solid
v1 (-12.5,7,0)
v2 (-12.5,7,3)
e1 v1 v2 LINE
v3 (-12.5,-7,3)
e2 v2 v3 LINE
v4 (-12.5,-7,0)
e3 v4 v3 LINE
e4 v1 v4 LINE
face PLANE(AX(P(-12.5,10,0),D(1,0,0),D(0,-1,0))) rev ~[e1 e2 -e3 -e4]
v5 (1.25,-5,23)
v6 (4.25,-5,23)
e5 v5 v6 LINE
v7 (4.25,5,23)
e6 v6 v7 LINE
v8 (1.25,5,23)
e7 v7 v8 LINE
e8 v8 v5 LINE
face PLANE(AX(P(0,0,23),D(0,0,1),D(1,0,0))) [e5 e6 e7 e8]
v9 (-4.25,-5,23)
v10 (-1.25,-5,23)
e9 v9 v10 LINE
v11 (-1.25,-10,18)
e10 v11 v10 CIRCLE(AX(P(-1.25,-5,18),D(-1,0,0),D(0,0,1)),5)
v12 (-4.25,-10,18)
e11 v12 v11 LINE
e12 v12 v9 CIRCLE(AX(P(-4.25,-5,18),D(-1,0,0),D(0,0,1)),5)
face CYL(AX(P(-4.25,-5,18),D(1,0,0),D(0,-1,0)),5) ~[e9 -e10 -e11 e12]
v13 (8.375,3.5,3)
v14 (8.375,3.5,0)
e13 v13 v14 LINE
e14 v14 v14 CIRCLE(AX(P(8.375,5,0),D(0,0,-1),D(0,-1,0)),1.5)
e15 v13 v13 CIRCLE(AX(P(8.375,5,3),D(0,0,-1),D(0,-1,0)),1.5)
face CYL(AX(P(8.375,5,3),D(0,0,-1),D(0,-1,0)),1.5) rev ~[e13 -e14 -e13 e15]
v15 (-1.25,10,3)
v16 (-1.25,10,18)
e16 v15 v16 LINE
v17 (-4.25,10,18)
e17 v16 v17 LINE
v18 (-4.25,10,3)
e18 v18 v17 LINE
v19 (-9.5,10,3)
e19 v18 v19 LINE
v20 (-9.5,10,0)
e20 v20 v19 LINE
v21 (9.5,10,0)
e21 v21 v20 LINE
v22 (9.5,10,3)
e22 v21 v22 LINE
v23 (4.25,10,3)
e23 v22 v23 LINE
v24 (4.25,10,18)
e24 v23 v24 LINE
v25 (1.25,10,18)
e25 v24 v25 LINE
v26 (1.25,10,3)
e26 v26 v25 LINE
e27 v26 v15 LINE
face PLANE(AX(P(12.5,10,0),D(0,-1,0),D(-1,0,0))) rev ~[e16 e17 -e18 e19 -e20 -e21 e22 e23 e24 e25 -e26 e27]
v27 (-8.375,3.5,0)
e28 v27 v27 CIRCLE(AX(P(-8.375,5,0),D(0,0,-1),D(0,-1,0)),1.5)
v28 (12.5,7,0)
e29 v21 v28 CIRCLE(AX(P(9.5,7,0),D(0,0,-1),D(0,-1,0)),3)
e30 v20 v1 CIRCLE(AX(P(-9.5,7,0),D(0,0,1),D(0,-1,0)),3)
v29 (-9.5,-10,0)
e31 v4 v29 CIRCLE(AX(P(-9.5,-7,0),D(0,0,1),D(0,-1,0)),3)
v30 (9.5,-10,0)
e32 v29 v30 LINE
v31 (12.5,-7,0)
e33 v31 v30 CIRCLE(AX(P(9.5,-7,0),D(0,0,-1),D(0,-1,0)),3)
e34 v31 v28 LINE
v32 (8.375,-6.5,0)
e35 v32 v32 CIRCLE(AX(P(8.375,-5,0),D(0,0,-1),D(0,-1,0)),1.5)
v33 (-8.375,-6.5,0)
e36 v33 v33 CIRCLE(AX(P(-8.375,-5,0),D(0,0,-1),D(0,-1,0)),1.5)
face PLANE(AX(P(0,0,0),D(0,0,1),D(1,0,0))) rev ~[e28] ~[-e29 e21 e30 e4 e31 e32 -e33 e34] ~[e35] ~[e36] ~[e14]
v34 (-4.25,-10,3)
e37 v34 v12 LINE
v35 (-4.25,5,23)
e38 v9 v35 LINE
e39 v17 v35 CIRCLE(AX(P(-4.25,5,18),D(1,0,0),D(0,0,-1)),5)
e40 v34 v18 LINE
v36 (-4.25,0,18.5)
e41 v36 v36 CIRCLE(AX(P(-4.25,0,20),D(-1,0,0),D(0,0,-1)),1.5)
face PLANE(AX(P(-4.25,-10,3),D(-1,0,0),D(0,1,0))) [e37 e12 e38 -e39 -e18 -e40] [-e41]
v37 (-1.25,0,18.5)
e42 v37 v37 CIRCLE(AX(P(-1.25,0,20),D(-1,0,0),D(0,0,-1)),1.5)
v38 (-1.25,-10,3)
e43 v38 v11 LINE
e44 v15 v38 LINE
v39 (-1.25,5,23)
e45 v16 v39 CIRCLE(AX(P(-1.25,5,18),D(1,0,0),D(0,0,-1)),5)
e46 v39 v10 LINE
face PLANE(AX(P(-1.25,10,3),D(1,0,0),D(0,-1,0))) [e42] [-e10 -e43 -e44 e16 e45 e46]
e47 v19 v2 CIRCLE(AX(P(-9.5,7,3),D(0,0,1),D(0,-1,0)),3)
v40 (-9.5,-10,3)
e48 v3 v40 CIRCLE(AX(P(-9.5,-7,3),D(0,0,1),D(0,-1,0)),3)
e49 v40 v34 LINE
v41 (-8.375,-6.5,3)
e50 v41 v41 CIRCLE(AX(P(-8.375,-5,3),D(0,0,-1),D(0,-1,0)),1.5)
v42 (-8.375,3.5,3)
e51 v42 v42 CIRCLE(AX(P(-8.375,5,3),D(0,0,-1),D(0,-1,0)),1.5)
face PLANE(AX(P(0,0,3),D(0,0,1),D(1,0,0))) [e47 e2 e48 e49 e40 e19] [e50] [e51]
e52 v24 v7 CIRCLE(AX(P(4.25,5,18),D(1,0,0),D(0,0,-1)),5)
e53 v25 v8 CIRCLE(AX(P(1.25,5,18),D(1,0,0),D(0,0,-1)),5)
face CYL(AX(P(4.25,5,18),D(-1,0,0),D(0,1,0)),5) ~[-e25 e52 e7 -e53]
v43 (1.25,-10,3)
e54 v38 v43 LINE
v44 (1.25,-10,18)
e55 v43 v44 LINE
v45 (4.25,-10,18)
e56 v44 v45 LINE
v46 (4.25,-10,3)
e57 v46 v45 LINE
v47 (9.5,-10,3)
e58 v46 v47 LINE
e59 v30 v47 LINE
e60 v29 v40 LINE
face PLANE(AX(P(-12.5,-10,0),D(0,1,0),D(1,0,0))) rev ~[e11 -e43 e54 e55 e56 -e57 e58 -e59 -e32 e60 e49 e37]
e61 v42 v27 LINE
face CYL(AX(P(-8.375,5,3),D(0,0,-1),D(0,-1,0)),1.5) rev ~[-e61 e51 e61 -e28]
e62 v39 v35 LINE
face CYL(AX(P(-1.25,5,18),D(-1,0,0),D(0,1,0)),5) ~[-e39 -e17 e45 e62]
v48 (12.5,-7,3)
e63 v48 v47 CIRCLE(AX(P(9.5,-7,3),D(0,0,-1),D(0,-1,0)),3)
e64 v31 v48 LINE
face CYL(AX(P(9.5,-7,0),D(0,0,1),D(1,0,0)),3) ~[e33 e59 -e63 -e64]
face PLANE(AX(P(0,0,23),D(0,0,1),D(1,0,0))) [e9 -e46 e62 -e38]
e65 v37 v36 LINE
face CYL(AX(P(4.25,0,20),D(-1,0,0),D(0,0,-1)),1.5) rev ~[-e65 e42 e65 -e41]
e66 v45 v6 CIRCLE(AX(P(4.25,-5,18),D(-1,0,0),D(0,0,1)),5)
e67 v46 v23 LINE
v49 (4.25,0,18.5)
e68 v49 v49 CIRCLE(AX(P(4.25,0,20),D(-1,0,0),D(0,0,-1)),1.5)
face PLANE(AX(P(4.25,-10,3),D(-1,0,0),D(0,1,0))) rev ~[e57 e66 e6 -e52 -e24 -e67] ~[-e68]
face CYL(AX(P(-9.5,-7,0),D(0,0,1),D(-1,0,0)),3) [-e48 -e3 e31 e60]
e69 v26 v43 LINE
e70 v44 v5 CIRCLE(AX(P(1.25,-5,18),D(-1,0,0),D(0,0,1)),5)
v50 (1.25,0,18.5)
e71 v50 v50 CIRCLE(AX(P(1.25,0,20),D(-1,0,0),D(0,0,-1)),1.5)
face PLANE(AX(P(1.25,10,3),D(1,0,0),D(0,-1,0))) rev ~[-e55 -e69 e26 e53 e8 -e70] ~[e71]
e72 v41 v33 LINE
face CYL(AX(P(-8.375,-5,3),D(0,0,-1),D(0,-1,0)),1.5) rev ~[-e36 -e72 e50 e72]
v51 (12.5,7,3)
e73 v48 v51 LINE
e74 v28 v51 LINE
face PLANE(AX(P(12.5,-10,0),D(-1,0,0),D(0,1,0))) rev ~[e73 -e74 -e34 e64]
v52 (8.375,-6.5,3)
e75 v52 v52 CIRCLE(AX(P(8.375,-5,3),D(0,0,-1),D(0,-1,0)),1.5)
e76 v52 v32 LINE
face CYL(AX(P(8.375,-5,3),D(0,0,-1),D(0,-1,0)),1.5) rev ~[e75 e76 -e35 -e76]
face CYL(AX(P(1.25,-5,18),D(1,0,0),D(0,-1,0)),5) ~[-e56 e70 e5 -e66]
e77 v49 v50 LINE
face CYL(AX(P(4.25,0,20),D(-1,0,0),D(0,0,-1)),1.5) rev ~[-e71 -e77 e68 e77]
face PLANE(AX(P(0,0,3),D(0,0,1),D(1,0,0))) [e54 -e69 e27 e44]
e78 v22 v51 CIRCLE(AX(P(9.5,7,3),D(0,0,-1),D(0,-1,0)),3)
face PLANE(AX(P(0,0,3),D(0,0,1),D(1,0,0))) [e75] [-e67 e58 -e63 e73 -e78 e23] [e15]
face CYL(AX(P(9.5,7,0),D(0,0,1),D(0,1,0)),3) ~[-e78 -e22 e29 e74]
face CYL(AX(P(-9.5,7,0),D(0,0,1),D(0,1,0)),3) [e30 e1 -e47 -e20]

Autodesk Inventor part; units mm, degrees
ref_plane "YZ Plane" through (0, 0, 0) normal (1, 0, 0) x (0, 1, 0)
ref_plane "XZ Plane" through (0, 0, 0) normal (0, 1, 0) x (-1, 0, 0)
ref_plane "XY Plane" through (0, 0, 0) normal (0, 0, 1) x (1, 0, 0)
sketch "Szkic1" plane through (0, 0, 0) normal (0, 0, 1) x (1, 0, 0)
  line L0 (-12.5, -10) -> (12.5, -10)
  line L1 (12.5, -10) -> (12.5, 10)
  line L2 (12.5, 10) -> (-12.5, 10)
  line L3 (-12.5, 10) -> (-12.5, -10)
  line L4 (-12.5, -10) -> (12.5, 10) construction
  line L5 (12.5, -10) -> (-12.5, 10) construction
  point P0 (0, 0)
  dimension "d0" = 25
  dimension "d1" = 20
extrude "Wyciągnięcie proste1" add sketch "Szkic1" along normal blind 3
sketch "Szkic2" plane through (0, 0, 3) normal (0, 0, 1) x (1, 0, 0)
  line L0 (1.25, -10) -> (4.25, -10)
  line L1 (4.25, -10) -> (4.25, 10)
  line L2 (4.25, 10) -> (1.25, 10)
  line L3 (1.25, 10) -> (1.25, -10)
  line L4 (1.25, -10) -> (4.25, 10) construction
  line L5 (4.25, -10) -> (1.25, 10) construction
  line L6 (-12.5, -10) -> (12.5, -10) projected
  line L7 (12.5, 10) -> (-12.5, 10) projected
  line L8 (0, 10) -> (0, -10) construction
  line L9 (-1.25, -10) -> (-4.25, -10)
  line L10 (-4.25, -10) -> (-4.25, 10)
  line L11 (-4.25, 10) -> (-1.25, 10)
  line L12 (-1.25, 10) -> (-1.25, -10)
  line L13 (-1.25, -10) -> (-4.25, 10) construction
  line L14 (-4.25, -10) -> (-1.25, 10) construction
  point P0 (0, 0)
  point P1 (2.75, 0)
  point P2 (-2.75, 0)
  dimension "d4" = 3
  dimension "d5" = 20
  dimension "d6" = 2.75
  dimension "d7" = 10
extrude "Wyciągnięcie proste2" add sketch "Szkic2" along normal blind 20 contours L3 L2 L1 L0 | L6 L10 L7 L12
sketch "Szkic3" plane through (4.25, -10, 3) normal (1, 0, 0) x (0, 0, -1)
  line L0 (-20, 0) -> (-20, 20) projected
  line L1 (0, 20) -> (-20, 20) projected
  point P0 (3, 10)
  point P1 (-17, 10)
  dimension "d10" = 3
  dimension "d11" = 10
hole "Otwór1" at (4.25, 0, 20) direction (-1, 0, 0) diameter 3 end through all
fillet "Zaokrąglenie1" radius 5 4 edges at (2.75, -10, 23) (-2.75, -10, 23) (-2.75, 10, 23) (2.75, 10, 23)
fillet "Zaokrąglenie2" radius 3 4 edges at (12.5, 10, 1.5) (12.5, -10, 1.5) (-12.5, -10, 1.5) (-12.5, 10, 1.5)
sketch "Szkic4" plane through (0, 0, 3) normal (0, 0, 1) x (1, 0, 0)
  line L0 (-12.5, 7) -> (-12.5, -7) projected
  line L1 (-9.5, -10) -> (-4.25, -10) projected
  line L2 (-1.25, -10) -> (1.25, -10) projected
  line L3 (0, -10) -> (0, 10) construction
  line L4 (1.25, 10) -> (-1.25, 10) projected
  line L5 (12.5, -7) -> (12.5, 7) projected
  line L6 (12.5, 0) -> (-12.5, 0) construction
  point P0 (0, 0)
  point P1 (-8.375, -5)
  point P2 (8.375, -5)
  point P3 (-8.375, 5)
  point P4 (8.375, 5)
  dimension "d21" = 4.125
  dimension "d22" = 5
hole "Otwór2" at (-8.375, -5, 3) at (8.375, -5, 3) at (8.375, 5, 3) at (-8.375, 5, 3) direction (0, 0, -1) diameter 3 end through all
properties part number "pleksi_mocowanie"
